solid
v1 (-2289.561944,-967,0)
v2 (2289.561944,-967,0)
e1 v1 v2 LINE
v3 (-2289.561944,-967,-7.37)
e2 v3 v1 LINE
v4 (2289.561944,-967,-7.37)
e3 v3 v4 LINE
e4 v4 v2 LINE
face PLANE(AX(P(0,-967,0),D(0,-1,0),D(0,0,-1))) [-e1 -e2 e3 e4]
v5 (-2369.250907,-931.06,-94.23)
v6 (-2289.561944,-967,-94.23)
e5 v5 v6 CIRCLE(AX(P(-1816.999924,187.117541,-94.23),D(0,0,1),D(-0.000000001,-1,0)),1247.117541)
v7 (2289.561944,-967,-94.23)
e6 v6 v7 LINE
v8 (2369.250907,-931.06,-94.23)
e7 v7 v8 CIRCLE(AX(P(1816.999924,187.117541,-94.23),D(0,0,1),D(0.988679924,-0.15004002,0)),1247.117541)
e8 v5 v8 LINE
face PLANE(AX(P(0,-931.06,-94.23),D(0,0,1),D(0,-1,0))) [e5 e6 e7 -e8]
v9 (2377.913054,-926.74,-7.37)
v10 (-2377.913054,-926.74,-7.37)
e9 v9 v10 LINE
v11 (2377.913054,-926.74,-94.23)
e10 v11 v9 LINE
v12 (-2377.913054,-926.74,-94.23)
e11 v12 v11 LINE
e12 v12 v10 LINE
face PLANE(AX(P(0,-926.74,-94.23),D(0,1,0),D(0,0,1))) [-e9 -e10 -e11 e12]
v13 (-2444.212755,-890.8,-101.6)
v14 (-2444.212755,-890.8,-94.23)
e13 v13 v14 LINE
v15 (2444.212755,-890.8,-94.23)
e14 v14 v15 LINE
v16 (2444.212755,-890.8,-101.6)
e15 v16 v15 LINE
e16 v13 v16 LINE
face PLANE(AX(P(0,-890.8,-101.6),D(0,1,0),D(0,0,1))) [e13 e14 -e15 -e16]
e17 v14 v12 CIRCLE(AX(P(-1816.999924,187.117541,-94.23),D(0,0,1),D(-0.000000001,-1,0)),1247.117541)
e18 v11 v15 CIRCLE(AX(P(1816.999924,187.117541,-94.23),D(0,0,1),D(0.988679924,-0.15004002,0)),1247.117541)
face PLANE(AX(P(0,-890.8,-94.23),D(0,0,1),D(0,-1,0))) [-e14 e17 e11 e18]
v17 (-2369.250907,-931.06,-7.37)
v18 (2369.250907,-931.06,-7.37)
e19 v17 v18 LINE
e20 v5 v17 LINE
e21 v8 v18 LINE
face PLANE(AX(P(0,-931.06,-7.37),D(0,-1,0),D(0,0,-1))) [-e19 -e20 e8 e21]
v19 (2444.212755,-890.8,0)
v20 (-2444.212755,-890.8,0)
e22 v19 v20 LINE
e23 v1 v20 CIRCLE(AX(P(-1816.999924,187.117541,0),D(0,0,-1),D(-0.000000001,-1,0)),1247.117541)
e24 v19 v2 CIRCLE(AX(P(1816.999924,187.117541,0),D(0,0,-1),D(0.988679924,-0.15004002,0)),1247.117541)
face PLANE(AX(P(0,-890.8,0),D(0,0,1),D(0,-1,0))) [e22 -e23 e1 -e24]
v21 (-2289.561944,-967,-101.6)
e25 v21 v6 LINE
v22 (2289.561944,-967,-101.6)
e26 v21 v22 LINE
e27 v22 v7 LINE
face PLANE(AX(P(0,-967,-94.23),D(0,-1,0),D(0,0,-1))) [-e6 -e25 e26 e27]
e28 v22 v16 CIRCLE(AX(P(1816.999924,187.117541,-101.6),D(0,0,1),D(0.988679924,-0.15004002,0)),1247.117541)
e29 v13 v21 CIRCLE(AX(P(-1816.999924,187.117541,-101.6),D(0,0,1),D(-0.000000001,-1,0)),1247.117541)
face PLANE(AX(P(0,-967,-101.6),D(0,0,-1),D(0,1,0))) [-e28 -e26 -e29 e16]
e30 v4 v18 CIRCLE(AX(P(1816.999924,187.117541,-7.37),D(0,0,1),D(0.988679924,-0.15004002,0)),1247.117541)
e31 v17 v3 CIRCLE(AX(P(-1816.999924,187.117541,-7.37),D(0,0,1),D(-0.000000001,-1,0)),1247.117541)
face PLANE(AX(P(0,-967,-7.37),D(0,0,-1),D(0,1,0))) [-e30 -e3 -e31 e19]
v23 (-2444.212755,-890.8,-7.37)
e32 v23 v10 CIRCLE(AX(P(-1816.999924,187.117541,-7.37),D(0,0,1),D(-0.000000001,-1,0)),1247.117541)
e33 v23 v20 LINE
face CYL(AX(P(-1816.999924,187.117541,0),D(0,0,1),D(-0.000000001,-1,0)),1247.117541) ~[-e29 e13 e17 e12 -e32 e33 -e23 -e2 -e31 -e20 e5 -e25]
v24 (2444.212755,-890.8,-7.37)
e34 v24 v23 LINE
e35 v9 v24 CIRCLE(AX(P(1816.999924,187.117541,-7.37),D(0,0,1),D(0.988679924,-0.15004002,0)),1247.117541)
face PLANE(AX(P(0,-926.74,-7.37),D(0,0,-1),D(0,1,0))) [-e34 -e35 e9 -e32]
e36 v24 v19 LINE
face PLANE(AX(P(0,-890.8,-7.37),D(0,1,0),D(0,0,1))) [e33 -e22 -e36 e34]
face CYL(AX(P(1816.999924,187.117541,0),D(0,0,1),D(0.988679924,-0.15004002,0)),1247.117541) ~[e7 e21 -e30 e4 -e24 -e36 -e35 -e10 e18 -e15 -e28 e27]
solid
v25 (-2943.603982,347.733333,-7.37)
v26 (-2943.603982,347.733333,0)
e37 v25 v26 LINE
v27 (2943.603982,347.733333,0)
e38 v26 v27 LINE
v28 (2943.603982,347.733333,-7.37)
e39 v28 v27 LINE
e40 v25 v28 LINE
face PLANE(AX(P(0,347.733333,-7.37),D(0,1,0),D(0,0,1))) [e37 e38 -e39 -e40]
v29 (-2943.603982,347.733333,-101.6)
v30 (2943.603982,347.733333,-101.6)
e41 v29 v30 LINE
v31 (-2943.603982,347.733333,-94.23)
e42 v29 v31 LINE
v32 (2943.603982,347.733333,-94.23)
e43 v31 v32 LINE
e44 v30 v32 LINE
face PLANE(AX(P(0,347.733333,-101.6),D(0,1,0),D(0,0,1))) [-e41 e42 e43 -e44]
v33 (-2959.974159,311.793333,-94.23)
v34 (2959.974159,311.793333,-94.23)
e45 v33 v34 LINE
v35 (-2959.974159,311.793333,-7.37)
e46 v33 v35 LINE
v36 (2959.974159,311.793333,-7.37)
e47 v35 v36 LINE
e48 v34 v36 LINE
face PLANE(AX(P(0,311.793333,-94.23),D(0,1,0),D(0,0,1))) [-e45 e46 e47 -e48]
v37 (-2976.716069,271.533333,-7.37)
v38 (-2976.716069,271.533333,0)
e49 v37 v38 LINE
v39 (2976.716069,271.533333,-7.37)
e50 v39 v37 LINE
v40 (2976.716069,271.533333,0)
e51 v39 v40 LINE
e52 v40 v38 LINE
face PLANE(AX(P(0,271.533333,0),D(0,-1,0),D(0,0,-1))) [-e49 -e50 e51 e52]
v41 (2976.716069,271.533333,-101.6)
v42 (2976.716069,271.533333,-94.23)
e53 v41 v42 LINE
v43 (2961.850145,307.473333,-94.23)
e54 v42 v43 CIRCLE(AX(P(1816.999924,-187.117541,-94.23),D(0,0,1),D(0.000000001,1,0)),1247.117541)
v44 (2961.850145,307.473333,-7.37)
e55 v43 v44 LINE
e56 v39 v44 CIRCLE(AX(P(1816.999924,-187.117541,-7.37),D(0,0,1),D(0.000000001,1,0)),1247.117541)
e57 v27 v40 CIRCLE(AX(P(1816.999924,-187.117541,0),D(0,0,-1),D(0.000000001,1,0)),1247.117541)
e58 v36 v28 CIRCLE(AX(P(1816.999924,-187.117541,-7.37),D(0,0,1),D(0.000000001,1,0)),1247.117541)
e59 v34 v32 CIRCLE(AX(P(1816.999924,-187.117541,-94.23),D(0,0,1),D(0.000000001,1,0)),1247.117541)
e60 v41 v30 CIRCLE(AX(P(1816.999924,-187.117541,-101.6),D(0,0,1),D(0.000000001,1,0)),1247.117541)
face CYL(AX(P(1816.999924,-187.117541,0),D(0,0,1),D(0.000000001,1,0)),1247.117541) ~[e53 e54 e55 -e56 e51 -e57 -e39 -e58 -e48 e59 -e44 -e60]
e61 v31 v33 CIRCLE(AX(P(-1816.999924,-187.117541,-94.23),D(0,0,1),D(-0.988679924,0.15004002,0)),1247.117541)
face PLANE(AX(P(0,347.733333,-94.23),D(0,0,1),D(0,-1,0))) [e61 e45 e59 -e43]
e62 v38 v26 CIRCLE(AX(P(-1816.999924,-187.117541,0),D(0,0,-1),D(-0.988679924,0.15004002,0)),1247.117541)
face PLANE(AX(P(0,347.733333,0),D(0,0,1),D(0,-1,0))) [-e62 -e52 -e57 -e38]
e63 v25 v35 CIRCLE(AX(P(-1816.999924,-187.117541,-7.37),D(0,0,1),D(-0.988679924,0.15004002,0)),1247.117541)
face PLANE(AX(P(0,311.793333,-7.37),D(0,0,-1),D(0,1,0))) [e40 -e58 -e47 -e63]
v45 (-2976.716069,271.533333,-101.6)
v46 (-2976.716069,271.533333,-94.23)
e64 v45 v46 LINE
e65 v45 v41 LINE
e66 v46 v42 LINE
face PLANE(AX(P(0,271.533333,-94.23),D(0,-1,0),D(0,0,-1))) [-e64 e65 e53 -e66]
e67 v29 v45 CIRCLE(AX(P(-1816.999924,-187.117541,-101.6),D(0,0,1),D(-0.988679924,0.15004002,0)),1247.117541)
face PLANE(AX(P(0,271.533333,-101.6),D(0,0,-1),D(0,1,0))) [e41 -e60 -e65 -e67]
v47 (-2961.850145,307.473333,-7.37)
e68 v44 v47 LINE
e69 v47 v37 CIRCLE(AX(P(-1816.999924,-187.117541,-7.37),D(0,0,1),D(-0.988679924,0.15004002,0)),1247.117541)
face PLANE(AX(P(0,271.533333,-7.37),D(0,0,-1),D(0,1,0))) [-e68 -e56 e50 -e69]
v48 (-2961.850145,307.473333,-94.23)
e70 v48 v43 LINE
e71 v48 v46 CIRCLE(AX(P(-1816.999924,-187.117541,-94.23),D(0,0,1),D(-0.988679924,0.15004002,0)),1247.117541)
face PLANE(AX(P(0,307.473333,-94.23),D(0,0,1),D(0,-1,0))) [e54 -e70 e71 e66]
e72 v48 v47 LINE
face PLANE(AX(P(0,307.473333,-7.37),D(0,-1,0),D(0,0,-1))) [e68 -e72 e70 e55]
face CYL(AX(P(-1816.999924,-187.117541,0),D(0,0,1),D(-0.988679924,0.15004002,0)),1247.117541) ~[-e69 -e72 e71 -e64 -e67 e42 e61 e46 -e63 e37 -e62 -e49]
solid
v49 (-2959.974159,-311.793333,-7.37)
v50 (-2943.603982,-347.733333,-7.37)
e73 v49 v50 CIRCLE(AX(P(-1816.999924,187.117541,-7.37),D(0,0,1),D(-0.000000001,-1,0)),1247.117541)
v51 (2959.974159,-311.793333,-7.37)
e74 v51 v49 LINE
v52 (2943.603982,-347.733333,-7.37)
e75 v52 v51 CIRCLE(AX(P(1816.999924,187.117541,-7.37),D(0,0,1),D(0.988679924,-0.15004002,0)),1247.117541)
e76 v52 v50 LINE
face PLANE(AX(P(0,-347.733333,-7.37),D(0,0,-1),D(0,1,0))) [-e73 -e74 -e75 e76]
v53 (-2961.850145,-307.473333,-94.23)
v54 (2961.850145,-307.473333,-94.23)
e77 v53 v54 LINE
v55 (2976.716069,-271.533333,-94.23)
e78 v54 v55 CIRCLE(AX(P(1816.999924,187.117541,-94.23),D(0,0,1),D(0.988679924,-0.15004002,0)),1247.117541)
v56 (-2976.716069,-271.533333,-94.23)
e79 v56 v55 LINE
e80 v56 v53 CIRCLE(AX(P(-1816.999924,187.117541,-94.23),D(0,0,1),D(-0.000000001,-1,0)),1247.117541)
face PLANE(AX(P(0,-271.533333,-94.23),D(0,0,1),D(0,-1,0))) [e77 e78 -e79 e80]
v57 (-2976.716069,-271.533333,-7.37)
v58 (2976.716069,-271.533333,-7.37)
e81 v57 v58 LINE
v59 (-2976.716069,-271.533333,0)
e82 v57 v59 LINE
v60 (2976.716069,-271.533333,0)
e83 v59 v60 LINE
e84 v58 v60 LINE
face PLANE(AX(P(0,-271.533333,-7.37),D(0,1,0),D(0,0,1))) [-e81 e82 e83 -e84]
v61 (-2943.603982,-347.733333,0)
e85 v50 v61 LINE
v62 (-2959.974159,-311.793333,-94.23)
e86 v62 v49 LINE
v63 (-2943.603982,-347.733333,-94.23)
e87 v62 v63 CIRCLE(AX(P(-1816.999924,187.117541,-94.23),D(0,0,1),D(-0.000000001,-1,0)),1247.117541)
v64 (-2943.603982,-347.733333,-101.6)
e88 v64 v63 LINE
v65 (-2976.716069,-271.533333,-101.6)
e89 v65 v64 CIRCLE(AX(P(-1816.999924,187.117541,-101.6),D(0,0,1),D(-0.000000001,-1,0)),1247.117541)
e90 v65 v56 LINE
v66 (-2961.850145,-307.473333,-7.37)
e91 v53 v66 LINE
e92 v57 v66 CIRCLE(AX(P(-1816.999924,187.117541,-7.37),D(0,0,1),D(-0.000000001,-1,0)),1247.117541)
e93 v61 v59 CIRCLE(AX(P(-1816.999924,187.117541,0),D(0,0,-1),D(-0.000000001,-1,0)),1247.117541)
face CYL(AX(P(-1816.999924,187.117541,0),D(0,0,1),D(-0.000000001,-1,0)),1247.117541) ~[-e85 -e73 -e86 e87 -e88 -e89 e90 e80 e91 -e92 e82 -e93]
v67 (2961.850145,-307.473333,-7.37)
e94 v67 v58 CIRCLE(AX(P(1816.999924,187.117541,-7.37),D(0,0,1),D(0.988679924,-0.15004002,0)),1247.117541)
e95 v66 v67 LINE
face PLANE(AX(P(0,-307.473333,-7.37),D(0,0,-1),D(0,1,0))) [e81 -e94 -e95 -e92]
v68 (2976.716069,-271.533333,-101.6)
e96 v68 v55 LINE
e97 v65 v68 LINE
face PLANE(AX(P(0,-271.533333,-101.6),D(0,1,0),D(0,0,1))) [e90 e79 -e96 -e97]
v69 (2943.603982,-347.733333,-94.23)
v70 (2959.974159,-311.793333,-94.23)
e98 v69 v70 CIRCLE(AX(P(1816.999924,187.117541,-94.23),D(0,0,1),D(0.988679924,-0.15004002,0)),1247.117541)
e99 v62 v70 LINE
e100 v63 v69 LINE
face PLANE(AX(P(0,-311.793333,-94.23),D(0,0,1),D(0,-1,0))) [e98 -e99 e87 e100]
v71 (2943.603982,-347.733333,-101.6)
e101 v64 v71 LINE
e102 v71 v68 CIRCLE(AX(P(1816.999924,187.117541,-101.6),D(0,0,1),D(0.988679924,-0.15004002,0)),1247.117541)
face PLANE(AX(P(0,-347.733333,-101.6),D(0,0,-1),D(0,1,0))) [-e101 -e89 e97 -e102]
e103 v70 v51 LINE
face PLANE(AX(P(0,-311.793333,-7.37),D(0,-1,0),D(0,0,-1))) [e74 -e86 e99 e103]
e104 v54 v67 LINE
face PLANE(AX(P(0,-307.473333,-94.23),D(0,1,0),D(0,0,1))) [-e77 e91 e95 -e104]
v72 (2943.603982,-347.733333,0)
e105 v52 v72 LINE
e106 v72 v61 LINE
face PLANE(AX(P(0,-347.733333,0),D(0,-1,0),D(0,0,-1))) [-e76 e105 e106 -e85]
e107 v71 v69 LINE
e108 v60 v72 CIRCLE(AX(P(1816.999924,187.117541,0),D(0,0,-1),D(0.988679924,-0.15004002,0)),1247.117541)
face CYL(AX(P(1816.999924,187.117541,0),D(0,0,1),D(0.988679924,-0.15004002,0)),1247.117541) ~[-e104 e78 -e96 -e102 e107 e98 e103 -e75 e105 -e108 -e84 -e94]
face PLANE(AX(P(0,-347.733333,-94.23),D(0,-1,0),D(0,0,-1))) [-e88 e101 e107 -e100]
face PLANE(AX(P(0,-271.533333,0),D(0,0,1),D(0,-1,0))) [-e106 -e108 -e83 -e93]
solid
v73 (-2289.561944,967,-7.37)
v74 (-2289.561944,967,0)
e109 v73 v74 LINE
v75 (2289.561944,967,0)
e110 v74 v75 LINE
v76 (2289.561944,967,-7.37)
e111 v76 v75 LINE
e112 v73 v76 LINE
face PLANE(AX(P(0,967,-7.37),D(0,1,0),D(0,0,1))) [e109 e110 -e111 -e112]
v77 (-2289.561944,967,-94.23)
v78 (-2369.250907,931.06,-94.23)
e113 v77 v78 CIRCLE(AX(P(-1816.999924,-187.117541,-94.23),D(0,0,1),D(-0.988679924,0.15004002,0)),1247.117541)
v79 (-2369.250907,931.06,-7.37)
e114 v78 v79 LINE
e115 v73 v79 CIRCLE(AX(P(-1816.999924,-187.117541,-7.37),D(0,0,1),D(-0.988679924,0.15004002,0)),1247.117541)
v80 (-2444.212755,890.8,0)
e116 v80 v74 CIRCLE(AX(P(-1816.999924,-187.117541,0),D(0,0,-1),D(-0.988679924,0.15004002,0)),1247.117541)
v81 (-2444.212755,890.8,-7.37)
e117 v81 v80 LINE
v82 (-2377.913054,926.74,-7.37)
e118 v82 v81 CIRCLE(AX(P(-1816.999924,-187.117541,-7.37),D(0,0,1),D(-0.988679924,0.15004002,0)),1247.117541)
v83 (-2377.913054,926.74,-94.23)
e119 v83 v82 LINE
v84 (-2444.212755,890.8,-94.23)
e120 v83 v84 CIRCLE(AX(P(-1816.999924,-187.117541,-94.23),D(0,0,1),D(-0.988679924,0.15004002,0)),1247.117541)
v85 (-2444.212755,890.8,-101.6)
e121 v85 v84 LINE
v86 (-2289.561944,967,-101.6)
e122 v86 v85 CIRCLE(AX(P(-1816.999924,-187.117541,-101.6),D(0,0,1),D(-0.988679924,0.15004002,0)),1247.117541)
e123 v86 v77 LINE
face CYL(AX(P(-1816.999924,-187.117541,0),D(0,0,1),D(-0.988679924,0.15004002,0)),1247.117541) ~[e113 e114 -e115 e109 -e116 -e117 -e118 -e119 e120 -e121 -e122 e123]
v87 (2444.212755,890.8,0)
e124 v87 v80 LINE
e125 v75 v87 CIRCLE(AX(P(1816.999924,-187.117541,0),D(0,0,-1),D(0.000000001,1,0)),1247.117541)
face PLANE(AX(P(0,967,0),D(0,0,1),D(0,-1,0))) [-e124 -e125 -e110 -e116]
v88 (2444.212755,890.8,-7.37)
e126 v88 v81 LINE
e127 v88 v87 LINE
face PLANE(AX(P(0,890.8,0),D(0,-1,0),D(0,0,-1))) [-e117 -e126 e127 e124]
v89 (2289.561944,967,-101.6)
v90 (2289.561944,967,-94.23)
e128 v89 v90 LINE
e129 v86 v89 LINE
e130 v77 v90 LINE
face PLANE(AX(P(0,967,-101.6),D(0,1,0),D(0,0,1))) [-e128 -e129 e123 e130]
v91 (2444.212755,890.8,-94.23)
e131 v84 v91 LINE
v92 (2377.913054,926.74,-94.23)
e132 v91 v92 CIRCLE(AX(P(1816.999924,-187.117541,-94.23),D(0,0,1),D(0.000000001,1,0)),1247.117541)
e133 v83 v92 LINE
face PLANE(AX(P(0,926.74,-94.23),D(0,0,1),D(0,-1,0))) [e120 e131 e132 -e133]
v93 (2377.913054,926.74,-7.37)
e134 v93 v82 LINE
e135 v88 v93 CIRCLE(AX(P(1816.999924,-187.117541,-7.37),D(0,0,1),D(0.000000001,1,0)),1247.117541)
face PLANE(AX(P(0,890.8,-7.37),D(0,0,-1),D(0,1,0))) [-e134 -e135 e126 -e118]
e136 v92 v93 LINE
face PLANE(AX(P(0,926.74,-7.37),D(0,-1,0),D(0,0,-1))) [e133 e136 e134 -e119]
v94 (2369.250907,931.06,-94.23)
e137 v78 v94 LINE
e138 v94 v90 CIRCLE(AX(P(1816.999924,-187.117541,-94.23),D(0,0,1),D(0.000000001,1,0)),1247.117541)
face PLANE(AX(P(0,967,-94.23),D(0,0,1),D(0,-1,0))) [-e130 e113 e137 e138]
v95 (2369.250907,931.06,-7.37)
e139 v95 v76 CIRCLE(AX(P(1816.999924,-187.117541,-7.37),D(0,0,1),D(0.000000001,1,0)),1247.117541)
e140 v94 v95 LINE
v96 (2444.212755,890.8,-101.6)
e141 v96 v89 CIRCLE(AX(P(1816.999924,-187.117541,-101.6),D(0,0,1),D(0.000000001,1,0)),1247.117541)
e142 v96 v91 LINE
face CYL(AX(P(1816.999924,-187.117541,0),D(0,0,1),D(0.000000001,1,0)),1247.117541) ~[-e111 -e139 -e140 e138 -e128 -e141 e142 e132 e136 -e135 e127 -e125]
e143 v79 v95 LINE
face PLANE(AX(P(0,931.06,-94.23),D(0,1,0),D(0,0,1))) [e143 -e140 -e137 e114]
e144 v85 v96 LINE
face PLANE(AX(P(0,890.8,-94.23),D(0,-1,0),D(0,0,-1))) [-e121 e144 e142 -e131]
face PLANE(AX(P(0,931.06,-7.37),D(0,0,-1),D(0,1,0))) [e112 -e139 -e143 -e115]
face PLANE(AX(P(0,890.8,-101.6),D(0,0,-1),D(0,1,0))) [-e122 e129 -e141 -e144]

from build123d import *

# Parameters (mm, degrees)
F1_DEPTH      = 3050
F1_DEPTH_BACK = 3050
F2_W          = 8480.280876
F2_H          = 4677.365304
F3_DEPTH      = 155


with BuildPart() as f1:
    # F0 (on Right) → F1 (new body, two sides)
    with BuildSketch(Plane.YZ) as f1_sk:
        Polygon((-890.8, 0), (-967, 0), (-967, -7.37), (-931.06, -7.37), (-931.06, -94.23), (-967, -94.23), (-967, -101.6), (-890.8, -101.6), (-890.8, -94.23), (-926.74, -94.23), (-926.74, -7.37), (-890.8, -7.37), align=None)
        Polygon((-311.793333, -7.37), (-311.793333, -94.23), (-347.733333, -94.23), (-347.733333, -101.6), (-271.533333, -101.6), (-271.533333, -94.23), (-307.473333, -94.23), (-307.473333, -7.37), (-271.533333, -7.37), (-271.533333, 0), (-347.733333, 0), (-347.733333, -7.37), align=None)
        Polygon((307.473333, -7.37), (307.473333, -94.23), (271.533333, -94.23), (271.533333, -101.6), (347.733333, -101.6), (347.733333, -94.23), (311.793333, -94.23), (311.793333, -7.37), (347.733333, -7.37), (347.733333, 0), (271.533333, 0), (271.533333, -7.37), align=None)
        Polygon((926.74, -7.37), (926.74, -94.23), (890.8, -94.23), (890.8, -101.6), (967, -101.6), (967, -94.23), (931.06, -94.23), (931.06, -7.37), (967, -7.37), (967, 0), (890.8, 0), (890.8, -7.37), align=None)
    extrude(amount=F1_DEPTH)
    extrude(f1_sk.sketch, amount=-F1_DEPTH_BACK)

    # F2 (on Top) → F3 (cut)
    with BuildSketch(Plane.XY):
        Rectangle(F2_W, F2_H)
        with BuildLine():
            ThreePointArc((1816.999925, 1060), (2630.001952, 758.572611), (3050, 0))
            ThreePointArc((3050, 0), (2630.001952, -758.572611), (1816.999925, -1060))
            Line((1816.999925, -1060), (-1816.999925, -1060))
            ThreePointArc((-1816.999925, -1060), (-2630.001952, -758.572611), (-3050, 0))
            ThreePointArc((-3050, 0), (-2630.001952, 758.572611), (-1816.999925, 1060))
            Line((-1816.999925, 1060), (1816.999925, 1060))
        make_face(mode=Mode.SUBTRACT)
    extrude(amount=-F3_DEPTH, mode=Mode.SUBTRACT)


solid = f1.part
